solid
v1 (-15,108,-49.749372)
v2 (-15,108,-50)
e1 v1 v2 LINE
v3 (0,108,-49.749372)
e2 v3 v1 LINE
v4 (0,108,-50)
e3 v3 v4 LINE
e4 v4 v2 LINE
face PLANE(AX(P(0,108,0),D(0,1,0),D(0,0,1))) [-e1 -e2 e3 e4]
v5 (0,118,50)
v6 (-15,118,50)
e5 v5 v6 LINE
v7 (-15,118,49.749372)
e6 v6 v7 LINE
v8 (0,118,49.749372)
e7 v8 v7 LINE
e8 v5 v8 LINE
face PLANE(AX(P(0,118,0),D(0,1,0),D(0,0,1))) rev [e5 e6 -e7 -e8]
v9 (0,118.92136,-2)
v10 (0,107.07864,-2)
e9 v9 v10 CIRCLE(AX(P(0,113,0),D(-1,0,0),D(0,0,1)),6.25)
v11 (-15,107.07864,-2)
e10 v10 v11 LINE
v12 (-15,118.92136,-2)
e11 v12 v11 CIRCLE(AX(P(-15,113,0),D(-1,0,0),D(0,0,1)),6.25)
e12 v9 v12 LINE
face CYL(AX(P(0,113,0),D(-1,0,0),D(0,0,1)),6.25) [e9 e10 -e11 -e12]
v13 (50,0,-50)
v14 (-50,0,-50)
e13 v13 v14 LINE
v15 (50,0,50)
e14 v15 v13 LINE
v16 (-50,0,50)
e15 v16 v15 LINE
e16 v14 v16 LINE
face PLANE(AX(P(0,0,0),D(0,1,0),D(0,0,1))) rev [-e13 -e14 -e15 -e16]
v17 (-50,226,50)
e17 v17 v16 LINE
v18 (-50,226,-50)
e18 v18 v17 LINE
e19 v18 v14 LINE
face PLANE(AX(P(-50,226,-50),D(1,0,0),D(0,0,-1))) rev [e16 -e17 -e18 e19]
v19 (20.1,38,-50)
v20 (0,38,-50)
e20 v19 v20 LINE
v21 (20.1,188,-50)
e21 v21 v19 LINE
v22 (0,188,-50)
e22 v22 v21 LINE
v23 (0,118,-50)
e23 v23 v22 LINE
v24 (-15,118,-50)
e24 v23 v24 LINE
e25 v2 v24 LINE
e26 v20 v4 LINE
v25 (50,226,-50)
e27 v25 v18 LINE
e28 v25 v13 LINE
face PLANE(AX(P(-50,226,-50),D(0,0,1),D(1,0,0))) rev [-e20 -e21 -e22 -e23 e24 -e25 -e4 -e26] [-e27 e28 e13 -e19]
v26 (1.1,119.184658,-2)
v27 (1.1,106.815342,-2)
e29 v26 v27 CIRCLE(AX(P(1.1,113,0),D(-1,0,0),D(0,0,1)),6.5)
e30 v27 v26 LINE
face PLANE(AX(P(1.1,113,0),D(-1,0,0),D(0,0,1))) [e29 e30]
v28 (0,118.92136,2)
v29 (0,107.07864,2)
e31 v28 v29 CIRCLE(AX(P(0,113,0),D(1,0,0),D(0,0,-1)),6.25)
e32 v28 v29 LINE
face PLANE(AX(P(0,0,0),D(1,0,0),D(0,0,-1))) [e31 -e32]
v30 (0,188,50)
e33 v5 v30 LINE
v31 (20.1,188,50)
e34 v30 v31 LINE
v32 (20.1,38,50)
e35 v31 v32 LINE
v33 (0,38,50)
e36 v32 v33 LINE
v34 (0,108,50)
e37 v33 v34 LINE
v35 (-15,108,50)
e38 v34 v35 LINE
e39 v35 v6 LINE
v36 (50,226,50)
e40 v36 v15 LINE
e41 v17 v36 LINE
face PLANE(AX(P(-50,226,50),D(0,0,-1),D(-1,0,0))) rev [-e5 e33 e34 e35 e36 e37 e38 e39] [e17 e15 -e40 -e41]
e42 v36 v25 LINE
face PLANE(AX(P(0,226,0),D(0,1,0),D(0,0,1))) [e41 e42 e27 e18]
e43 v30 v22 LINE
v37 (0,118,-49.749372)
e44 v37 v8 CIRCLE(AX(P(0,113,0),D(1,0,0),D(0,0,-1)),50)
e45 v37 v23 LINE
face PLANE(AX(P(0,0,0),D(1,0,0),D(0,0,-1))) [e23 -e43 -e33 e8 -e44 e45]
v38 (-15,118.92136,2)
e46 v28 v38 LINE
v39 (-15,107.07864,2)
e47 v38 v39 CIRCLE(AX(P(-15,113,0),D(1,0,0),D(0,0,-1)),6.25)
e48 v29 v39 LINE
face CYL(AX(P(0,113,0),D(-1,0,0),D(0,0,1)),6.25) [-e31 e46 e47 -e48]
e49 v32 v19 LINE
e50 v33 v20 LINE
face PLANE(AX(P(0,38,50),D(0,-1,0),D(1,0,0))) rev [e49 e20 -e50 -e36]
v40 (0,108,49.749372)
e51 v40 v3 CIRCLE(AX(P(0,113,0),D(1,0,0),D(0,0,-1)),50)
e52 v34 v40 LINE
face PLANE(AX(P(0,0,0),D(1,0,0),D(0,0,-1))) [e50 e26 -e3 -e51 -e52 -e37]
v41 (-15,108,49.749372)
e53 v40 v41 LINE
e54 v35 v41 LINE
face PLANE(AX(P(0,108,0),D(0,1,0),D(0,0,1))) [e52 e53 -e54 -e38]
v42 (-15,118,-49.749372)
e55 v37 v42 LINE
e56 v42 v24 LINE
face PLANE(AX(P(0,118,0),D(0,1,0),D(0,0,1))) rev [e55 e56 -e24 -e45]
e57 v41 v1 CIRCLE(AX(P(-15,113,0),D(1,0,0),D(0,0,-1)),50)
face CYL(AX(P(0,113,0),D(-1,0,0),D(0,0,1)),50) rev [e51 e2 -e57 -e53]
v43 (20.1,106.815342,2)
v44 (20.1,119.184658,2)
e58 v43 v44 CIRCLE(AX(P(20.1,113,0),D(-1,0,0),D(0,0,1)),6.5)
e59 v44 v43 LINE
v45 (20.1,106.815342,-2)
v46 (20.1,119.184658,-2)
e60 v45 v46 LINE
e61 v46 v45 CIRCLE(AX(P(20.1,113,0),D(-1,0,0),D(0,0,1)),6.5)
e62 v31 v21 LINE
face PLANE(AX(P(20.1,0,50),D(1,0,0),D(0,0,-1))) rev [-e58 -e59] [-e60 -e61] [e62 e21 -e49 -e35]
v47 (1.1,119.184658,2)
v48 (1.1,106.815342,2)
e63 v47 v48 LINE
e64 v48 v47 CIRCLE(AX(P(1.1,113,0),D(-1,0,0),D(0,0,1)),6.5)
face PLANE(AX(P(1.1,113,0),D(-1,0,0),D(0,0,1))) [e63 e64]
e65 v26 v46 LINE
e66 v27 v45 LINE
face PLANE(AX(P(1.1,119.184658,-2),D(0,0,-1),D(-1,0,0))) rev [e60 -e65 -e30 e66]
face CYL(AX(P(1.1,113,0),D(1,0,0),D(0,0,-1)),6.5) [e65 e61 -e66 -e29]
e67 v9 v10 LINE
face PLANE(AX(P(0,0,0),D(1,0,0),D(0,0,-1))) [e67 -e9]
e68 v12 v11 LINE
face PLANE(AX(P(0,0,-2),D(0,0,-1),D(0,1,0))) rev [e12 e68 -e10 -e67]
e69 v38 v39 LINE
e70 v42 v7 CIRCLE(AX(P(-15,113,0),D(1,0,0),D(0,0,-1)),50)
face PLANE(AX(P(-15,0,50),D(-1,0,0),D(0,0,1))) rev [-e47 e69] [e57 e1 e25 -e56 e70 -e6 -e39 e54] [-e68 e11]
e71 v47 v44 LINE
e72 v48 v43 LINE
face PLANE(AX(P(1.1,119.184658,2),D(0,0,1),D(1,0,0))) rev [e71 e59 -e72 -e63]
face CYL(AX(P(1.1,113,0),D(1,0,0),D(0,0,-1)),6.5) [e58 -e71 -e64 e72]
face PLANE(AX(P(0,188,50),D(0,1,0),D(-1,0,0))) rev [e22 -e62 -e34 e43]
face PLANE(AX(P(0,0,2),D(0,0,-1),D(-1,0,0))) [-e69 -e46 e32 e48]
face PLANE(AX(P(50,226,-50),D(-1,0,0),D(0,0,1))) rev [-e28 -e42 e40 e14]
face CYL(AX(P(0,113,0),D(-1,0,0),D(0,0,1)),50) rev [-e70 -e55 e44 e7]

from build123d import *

# Parameters (mm, degrees)
SKETCH1_W           = 100
SKETCH1_H           = 100
BOSS_EXTRUDE1_DEPTH = 226
SKETCH5_W           = 35.1
SKETCH5_H           = 150
CUT_EXTRUDE1_DEPTH  = 101
BOSS_EXTRUDE2_DEPTH = 15
BOSS_EXTRUDE4_DEPTH = 19


with BuildPart() as part:
    # Sketch1 → Boss-Extrude1 (new body)
    with BuildSketch(Plane(origin=(0, 0, 0), x_dir=(1, 0, 0), z_dir=(0, 1, 0))):
        Rectangle(SKETCH1_W, SKETCH1_H)
    extrude(amount=BOSS_EXTRUDE1_DEPTH)

    # Sketch5 → Cut-Extrude1 (cut, through all)
    with BuildSketch(Plane(origin=(0, 0, -50), x_dir=(-1, 0, 0), z_dir=(0, 0, -1))):
        with Locations((-2.55, 113)):
            Rectangle(SKETCH5_W, SKETCH5_H)
    extrude(amount=-CUT_EXTRUDE1_DEPTH, mode=Mode.SUBTRACT)

    # Sketch6 → Boss-Extrude2 (add)
    with BuildSketch(Plane(origin=(-15, 0, 0), x_dir=(0, 0, -1), z_dir=(1, 0, 0))):
        with BuildLine():
            ThreePointArc((-2, 118.921359641), (-6.25, 113), (-2, 107.078640359))
            Line((-2, 107.078640359), (-2, 118.921359641))
        make_face()
        with BuildLine():
            Line((2, 118.921359641), (2, 107.078640359))
            ThreePointArc((2, 107.078640359), (6.25, 113), (2, 118.921359641))
        make_face()
        with BuildLine():
            Line((-50, 118), (-49.749371855, 118))
            ThreePointArc((-49.749371855, 118), (0, 163), (49.749371855, 118))
            Line((49.749371855, 118), (50, 118))
            Line((50, 118), (50, 188))
            Line((50, 188), (-50, 188))
            Line((-50, 188), (-50, 118))
        make_face()
        with BuildLine():
            ThreePointArc((49.749371855, 108), (0, 63), (-49.749371855, 108))
            Line((-49.749371855, 108), (-50, 108))
            Line((-50, 108), (-50, 38))
            Line((-50, 38), (50, 38))
            Line((50, 38), (50, 108))
            Line((50, 108), (49.749371855, 108))
        make_face()
    extrude(amount=BOSS_EXTRUDE2_DEPTH)

    # Sketch10 → Boss-Extrude4 (add)
    with BuildSketch(Plane.ZY.offset(-20.1)):
        with BuildLine():
            Line((-2, 119.184658438), (-2, 106.815341562))
            ThreePointArc((-2, 106.815341562), (-6.5, 113), (-2, 119.184658438))
        make_face()
        with BuildLine():
            Line((2, 119.184658438), (2, 106.815341562))
            ThreePointArc((2, 106.815341562), (6.5, 113), (2, 119.184658438))
        make_face()
    extrude(amount=BOSS_EXTRUDE4_DEPTH)


solid = part.part
